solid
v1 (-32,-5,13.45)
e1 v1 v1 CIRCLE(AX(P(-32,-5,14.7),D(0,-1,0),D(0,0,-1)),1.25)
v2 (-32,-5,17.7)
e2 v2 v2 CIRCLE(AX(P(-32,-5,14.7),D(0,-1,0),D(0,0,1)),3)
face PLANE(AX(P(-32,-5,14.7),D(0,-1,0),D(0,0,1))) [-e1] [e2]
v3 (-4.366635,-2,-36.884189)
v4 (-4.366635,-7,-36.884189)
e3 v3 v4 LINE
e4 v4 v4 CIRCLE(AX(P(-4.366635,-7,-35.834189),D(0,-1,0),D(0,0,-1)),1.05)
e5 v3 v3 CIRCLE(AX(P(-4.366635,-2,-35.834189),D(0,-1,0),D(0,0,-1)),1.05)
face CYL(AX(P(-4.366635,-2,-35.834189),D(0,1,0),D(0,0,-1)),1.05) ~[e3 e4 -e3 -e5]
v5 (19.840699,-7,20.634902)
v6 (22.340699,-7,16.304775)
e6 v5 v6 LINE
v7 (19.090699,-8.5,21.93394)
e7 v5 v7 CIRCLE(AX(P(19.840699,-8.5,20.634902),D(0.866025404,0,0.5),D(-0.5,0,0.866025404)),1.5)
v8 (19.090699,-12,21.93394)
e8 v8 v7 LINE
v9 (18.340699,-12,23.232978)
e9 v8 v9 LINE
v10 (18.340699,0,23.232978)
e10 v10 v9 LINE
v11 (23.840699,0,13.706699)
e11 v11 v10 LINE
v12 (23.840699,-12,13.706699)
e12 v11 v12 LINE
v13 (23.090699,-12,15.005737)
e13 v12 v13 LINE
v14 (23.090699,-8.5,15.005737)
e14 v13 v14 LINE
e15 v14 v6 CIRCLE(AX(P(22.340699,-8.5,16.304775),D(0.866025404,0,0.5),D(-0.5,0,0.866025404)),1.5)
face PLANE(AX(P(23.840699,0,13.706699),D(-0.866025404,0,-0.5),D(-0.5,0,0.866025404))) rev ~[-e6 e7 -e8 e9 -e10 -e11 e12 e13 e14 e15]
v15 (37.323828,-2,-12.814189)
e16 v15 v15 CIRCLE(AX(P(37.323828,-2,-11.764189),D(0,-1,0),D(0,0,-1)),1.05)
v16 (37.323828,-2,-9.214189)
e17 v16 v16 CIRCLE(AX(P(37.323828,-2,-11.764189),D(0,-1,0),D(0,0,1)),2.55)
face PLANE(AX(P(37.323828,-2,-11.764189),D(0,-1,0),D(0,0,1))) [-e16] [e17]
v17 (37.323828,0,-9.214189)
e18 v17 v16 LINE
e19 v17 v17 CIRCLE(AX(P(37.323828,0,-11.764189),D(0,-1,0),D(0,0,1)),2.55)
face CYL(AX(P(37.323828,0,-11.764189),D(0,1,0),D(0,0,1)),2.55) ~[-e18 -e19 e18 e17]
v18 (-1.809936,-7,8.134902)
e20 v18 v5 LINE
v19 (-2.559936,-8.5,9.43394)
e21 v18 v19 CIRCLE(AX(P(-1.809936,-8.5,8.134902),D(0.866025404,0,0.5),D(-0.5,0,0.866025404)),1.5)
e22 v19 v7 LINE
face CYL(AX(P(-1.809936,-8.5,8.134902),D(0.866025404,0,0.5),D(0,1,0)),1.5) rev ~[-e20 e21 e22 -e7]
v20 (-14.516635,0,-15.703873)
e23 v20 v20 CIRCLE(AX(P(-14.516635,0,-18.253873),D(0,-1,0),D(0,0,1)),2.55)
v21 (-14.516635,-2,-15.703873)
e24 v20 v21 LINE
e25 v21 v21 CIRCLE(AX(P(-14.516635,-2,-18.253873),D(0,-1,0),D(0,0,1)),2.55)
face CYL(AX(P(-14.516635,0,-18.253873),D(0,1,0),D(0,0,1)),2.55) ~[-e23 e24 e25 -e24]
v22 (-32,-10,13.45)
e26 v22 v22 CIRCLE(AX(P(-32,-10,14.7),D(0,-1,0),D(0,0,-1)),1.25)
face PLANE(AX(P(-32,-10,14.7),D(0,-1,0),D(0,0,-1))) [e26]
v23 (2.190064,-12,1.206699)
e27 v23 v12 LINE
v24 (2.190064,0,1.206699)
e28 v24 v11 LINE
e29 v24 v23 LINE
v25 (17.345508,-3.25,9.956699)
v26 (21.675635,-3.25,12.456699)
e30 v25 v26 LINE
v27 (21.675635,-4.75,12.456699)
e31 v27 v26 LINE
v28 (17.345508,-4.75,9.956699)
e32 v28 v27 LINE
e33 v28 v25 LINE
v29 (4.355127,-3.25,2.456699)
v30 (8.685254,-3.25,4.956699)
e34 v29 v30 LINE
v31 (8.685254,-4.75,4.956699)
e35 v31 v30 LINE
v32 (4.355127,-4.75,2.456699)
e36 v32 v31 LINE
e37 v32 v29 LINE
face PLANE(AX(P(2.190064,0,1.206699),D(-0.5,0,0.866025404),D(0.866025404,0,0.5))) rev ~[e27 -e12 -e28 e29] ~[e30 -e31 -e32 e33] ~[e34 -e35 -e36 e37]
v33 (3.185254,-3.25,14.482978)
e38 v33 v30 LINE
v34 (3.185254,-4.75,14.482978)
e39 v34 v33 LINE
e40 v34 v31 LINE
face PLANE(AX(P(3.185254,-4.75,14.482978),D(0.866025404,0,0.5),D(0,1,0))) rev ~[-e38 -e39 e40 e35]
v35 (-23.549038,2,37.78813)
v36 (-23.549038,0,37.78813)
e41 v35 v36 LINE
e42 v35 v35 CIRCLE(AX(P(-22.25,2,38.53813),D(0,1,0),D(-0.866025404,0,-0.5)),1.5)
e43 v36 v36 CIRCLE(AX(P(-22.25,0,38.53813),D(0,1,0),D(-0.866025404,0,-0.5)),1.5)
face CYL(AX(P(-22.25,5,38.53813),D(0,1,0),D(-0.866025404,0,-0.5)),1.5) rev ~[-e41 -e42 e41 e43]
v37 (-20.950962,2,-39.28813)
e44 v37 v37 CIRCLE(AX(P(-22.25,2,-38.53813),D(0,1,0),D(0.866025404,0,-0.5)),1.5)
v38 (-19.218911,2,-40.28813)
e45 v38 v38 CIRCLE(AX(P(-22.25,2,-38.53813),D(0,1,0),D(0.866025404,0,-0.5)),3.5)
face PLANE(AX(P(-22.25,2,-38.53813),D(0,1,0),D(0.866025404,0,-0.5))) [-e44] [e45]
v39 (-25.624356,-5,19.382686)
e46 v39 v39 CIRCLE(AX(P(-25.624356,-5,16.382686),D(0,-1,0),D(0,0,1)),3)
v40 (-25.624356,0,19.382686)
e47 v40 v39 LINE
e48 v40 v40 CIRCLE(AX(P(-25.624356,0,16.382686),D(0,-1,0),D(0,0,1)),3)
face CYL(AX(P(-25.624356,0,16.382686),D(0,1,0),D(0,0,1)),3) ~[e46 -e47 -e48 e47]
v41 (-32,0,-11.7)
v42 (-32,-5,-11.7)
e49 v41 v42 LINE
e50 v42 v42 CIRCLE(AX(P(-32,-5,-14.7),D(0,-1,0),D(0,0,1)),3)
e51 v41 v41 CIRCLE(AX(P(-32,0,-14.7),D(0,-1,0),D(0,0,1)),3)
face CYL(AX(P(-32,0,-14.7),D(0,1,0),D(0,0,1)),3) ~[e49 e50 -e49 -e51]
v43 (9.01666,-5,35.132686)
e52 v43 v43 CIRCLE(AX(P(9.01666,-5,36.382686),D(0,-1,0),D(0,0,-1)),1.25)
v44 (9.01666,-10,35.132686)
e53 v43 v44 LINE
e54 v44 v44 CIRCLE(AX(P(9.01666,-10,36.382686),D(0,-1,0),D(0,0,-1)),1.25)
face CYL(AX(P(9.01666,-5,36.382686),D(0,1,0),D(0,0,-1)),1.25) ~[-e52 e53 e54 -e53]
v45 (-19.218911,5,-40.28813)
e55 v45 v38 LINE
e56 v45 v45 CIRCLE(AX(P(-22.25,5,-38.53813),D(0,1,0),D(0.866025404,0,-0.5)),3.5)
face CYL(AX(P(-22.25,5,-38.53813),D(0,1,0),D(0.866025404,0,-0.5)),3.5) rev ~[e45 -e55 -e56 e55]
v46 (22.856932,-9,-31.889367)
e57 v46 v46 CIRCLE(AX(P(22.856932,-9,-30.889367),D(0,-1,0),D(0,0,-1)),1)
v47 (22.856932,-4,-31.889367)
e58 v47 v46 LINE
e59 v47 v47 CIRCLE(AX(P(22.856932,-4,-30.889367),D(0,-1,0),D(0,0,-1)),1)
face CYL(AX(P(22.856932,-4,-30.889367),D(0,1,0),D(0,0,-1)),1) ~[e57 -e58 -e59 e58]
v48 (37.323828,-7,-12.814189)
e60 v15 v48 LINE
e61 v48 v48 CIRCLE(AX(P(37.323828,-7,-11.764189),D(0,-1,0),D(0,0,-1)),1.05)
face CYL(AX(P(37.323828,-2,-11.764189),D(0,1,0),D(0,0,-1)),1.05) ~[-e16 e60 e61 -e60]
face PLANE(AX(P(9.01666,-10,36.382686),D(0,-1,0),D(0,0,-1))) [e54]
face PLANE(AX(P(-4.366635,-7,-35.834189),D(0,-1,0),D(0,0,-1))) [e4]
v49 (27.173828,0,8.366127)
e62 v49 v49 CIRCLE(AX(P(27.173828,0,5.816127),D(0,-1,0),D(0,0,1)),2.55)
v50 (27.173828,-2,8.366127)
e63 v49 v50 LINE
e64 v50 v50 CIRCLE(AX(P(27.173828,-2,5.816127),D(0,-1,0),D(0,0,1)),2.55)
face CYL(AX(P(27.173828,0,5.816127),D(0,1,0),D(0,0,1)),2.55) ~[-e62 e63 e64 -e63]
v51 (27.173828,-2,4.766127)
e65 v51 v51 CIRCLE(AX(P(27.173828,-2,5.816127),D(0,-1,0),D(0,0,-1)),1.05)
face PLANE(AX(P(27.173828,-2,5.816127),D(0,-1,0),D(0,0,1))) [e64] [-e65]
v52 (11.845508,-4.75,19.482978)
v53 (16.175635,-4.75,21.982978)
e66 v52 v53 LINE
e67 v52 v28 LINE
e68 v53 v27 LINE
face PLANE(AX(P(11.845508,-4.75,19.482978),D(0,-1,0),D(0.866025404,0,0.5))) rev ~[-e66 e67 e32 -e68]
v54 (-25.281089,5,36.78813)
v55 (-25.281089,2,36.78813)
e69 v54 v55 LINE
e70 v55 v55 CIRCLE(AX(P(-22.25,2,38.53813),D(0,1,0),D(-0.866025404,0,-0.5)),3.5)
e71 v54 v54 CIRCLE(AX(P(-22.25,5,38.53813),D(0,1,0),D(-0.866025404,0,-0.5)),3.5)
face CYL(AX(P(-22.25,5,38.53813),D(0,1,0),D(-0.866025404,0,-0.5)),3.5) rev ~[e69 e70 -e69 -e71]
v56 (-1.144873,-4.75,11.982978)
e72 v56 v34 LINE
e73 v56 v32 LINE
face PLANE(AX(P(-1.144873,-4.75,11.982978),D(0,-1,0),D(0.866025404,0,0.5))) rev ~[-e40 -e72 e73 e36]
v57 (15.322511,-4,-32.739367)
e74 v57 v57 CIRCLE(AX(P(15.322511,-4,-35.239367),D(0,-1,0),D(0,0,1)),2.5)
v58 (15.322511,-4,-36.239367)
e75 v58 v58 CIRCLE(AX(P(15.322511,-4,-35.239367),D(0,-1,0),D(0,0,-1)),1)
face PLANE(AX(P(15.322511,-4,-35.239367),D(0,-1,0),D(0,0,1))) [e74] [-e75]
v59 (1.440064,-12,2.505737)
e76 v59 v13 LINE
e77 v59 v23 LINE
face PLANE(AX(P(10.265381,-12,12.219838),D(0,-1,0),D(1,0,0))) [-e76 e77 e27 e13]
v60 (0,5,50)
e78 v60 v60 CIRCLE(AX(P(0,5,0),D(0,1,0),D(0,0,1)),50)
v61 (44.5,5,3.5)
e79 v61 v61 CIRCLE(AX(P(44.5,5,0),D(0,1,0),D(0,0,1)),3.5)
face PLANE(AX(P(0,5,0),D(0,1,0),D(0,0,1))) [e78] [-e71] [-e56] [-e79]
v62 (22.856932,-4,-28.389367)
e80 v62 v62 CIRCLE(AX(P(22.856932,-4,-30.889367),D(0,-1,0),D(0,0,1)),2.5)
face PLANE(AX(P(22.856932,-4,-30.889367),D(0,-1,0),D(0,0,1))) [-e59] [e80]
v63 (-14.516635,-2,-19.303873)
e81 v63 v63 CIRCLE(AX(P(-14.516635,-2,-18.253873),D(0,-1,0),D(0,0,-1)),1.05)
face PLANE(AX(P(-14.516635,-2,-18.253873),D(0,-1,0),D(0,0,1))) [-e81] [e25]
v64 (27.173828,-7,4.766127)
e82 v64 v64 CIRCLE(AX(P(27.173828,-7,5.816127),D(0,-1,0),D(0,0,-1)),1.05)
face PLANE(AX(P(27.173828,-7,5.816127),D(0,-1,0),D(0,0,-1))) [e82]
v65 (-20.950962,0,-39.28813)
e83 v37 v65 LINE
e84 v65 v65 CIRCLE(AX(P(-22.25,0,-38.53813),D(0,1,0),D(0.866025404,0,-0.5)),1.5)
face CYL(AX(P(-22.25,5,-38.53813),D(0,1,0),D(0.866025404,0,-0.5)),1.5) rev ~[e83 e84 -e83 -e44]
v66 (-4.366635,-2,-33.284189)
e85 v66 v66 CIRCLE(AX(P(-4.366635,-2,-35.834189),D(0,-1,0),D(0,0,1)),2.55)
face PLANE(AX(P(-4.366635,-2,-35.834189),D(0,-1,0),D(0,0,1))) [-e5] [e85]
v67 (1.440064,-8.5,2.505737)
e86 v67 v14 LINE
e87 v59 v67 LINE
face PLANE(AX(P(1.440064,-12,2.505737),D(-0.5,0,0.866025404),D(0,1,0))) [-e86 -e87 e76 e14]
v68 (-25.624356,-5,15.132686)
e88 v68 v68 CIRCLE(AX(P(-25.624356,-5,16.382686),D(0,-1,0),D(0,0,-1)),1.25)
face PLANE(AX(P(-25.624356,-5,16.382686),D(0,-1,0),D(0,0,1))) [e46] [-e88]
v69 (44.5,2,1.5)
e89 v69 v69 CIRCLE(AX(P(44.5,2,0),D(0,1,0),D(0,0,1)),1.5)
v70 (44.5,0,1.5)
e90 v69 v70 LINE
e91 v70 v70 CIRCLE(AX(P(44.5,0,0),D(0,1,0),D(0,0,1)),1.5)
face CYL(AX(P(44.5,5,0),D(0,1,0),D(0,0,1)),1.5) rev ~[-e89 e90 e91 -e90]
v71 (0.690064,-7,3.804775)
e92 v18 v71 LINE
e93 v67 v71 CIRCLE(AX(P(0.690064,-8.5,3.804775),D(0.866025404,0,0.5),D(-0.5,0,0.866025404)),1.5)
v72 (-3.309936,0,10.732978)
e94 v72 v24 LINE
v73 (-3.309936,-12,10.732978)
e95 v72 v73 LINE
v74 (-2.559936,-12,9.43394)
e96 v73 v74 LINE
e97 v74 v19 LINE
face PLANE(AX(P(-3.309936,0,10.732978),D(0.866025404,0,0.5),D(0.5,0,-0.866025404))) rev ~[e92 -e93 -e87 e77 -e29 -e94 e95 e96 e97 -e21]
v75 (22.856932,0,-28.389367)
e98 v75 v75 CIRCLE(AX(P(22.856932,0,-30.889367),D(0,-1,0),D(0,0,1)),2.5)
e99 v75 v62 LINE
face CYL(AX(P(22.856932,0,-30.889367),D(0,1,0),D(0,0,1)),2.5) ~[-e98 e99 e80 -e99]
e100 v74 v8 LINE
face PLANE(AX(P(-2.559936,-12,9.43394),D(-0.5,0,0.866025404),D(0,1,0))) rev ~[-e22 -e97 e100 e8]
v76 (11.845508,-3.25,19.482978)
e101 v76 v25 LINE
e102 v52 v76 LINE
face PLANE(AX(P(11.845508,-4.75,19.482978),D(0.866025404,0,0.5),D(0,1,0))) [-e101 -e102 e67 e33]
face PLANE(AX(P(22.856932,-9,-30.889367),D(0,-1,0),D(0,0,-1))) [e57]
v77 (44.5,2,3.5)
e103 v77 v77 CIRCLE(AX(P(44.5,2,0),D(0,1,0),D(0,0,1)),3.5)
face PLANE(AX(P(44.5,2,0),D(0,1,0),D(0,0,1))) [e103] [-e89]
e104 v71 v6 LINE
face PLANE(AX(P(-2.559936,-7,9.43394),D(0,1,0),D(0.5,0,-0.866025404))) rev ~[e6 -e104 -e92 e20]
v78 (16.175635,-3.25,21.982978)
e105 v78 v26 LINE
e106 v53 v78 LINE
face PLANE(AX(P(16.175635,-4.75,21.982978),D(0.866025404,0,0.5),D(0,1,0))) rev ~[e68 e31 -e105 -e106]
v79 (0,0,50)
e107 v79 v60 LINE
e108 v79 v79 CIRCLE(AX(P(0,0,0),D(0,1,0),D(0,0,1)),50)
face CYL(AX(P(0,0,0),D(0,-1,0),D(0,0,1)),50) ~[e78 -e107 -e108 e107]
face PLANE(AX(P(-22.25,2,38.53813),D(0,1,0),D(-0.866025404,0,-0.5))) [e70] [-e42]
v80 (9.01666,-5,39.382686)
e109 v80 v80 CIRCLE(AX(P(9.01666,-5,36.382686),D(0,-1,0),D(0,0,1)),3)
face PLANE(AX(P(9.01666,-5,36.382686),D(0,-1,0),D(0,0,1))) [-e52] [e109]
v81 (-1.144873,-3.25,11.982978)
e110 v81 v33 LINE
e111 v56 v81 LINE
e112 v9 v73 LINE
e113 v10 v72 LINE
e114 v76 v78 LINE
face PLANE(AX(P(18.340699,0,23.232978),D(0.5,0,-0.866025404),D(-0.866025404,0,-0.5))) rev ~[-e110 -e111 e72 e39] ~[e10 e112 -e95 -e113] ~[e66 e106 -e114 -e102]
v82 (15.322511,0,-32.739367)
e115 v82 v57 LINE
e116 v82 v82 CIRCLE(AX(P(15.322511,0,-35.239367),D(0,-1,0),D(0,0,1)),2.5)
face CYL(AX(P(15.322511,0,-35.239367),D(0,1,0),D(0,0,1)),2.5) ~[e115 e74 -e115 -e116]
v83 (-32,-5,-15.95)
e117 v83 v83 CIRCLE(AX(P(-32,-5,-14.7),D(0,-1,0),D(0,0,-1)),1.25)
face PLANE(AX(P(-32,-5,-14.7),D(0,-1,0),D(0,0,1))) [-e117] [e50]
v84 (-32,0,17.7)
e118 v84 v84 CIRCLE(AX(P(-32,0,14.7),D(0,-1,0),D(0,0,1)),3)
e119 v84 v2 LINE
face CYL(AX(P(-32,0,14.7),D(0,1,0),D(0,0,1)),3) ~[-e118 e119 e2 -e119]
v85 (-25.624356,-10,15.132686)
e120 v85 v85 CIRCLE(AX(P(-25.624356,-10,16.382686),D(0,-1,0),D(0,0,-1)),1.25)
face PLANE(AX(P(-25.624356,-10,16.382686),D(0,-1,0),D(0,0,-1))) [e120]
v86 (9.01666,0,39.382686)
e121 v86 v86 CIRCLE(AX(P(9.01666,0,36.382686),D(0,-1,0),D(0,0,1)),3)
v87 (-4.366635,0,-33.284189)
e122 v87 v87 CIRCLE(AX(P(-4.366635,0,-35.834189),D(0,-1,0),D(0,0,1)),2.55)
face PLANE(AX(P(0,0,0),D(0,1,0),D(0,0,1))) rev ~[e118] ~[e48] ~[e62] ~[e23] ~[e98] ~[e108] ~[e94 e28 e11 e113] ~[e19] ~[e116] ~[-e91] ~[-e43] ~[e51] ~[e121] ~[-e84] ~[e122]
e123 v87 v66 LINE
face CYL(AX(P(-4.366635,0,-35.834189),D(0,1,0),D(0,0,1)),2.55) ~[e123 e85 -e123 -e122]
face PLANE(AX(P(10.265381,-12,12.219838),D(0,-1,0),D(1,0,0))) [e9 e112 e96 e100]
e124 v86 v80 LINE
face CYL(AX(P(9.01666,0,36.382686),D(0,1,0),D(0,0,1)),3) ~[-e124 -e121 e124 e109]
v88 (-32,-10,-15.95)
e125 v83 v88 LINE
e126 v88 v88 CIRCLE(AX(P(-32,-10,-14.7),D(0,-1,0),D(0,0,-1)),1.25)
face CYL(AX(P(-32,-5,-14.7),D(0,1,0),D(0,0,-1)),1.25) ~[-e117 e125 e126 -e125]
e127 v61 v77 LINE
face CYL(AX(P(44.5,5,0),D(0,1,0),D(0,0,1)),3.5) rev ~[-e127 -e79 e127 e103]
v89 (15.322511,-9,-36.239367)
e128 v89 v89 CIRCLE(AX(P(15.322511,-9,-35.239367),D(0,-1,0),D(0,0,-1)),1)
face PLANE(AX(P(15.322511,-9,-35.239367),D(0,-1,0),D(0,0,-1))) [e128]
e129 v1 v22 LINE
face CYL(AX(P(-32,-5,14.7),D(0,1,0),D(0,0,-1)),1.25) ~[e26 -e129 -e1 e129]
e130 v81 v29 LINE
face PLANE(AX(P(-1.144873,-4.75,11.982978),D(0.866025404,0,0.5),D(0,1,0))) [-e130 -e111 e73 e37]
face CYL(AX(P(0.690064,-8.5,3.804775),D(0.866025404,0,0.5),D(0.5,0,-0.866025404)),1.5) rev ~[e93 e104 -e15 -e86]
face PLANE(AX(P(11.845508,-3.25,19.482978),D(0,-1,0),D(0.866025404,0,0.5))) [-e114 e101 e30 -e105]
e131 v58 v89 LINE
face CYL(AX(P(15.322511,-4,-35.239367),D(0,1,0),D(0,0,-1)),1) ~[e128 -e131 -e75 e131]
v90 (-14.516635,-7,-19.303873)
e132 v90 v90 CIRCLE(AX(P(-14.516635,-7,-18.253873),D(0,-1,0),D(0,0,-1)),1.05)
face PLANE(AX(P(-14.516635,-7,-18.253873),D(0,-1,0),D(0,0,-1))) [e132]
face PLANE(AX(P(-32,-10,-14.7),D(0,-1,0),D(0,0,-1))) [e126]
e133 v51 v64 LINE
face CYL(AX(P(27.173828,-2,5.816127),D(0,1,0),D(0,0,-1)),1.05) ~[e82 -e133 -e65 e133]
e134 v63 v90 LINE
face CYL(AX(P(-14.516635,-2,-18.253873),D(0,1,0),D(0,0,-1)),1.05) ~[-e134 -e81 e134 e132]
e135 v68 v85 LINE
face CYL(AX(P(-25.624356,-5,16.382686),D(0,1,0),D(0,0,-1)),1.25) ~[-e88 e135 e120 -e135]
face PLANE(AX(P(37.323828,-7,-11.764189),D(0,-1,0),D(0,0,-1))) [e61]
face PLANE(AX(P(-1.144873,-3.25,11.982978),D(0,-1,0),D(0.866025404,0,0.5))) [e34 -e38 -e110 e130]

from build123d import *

# Parameters (mm, degrees)
CROQUIS1_R                 = 50
SALIENTE_EXTRUIR1_DEPTH    = 5
CROQUIS2_R                 = 1.5
CORTAR_EXTRUIR1_DEPTH      = 5
CROQUIS3_R                 = 3.5
CORTAR_EXTRUIR2_DEPTH      = 3
MATRIZC2_COUNT             = 3
CROQUIS4_R                 = 3
SALIENTE_EXTRUIR2_DEPTH    = 5
CROQUIS6_R                 = 2.55
SALIENTE_EXTRUIR4_DEPTH    = 2
SALIENTE_EXTRUIR5_DEPTH    = 12
CORTAR_EXTRUIR3_DEPTH      = 99.269119567
CORTAR_EXTRUIR3_DEPTH_BACK = 25
CROQUIS8_W                 = 8
CROQUIS8_H                 = 5
CROQUIS9_W                 = 5
CROQUIS9_H                 = 1.5
CORTAR_EXTRUIR4_DEPTH      = 11
REDONDEO1_R                = 1.5
CROQUIS10_R                = 3
SALIENTE_EXTRUIR6_DEPTH    = 5
CROQUIS5_R                 = 1.25
SALIENTE_EXTRUIR7_DEPTH    = 5
CROQUIS12_R                = 1.05
SALIENTE_EXTRUIR8_DEPTH    = 5
CROQUIS11_R                = 2.5
SALIENTE_EXTRUIR9_DEPTH    = 4
CROQUIS13_R                = 1
SALIENTE_EXTRUIR10_DEPTH   = 5


with BuildPart() as part:
    # Croquis1 → Saliente-Extruir1 (new body)
    with BuildSketch(Plane(origin=(0, 0, 0), x_dir=(1, 0, 0), z_dir=(0, 1, 0))):
        with Locations(Location((0, 0, 0), (0, 0, 270))):
            Circle(CROQUIS1_R)
    extrude(amount=SALIENTE_EXTRUIR1_DEPTH)

    # Croquis2 → Cortar-Extruir1 (cut)
    with BuildSketch(Plane(origin=(0, 5, 0), x_dir=(1, 0, 0), z_dir=(0, 1, 0))):
        with Locations(Location((44.5, 0, 0), (0, 0, 270))):
            Circle(CROQUIS2_R)
    cortar_extruir1 = extrude(amount=-CORTAR_EXTRUIR1_DEPTH, mode=Mode.SUBTRACT)

    # Croquis3 → Cortar-Extruir2 (cut)
    with BuildSketch(Plane(origin=(0, 5, 0), x_dir=(1, 0, 0), z_dir=(0, 1, 0))):
        with Locations(Location((44.5, 0, 0), (0, 0, 270))):
            Circle(CROQUIS3_R)
    cortar_extruir2 = extrude(amount=-CORTAR_EXTRUIR2_DEPTH, mode=Mode.SUBTRACT)

    # MatrizC2: Cortar-Extruir1, Cortar-Extruir2 ×3 about axis
    matrizc2_axis = Axis((0, 0, 0), (0, 1, 0))
    add([cortar_extruir1.rotate(matrizc2_axis, i * 360 / MATRIZC2_COUNT) for i in range(1, MATRIZC2_COUNT)], mode=Mode.SUBTRACT)
    add([cortar_extruir2.rotate(matrizc2_axis, i * 360 / MATRIZC2_COUNT) for i in range(1, MATRIZC2_COUNT)], mode=Mode.SUBTRACT)

    # Croquis4 → Saliente-Extruir2 (add)
    with BuildSketch(Plane.XZ):
        with Locations(Location((-32, 14.7, 0), (0, 0, 90))):
            Circle(CROQUIS4_R)
        with Locations(Location((-32, -14.7, 0), (0, 0, 90))):
            Circle(CROQUIS4_R)
    extrude(amount=SALIENTE_EXTRUIR2_DEPTH)

    # Croquis6 → Saliente-Extruir4 (add)
    with BuildSketch(Plane.XZ):
        with Locations(Location((27.173827718, 5.816127145, 0), (0, 0, 90))):
            Circle(CROQUIS6_R)
        with Locations(Location((37.323827718, -11.764188552, 0), (0, 0, 90))):
            Circle(CROQUIS6_R)
        with Locations(Location((-14.51663522, -18.253872855, 0), (0, 0, 90))):
            Circle(CROQUIS6_R)
        with Locations(Location((-4.36663522, -35.834188552, 0), (0, 0, 90))):
            Circle(CROQUIS6_R)
    extrude(amount=SALIENTE_EXTRUIR4_DEPTH)

    # Croquis7 → Saliente-Extruir5 (add)
    with BuildSketch(Plane.XZ):
        Polygon((2.190063509, 1.20669873), (23.840698604, 13.70669873), (18.340698604, 23.232978171), (-3.309936491, 10.732978171), align=None)
    extrude(amount=SALIENTE_EXTRUIR5_DEPTH)

    # Croquis8 → Cortar-Extruir3 (cut, two sides: drawn at the far end of the back side and taken through both)
    with BuildSketch(Plane(origin=(23.815698604, 0, 13.75), x_dir=(0.49999999999999806, 0, -0.8660254037844398), z_dir=(0.8660254037844397, 0, 0.499999999999998)).offset(-CORTAR_EXTRUIR3_DEPTH_BACK)):
        with Locations((-5.45, -9.5)):
            Rectangle(CROQUIS8_W, CROQUIS8_H)
    extrude(amount=CORTAR_EXTRUIR3_DEPTH + CORTAR_EXTRUIR3_DEPTH_BACK, mode=Mode.SUBTRACT)

    # Croquis9 → Cortar-Extruir4 (cut)
    with BuildSketch(Plane(origin=(-5.475, 0, 9.482978171), x_dir=(0.8660254037844398, 0, 0.49999999999999806), z_dir=(-0.499999999999998, 0, 0.8660254037844397))):
        with Locations((7.5, -4)):
            Rectangle(CROQUIS9_W, CROQUIS9_H)
        with Locations((22.5, -4)):
            Rectangle(CROQUIS9_W, CROQUIS9_H)
    extrude(amount=-CORTAR_EXTRUIR4_DEPTH, mode=Mode.SUBTRACT)

    # Redondeo1
    redondeo1_edges = [part.edges().sort_by_distance(p)[0] for p in [
        (8.265381057, -7, 15.683940066),
        (12.265381057, -7, 8.755736835),
    ]]
    fillet(redondeo1_edges, radius=REDONDEO1_R)

    # Croquis10 → Saliente-Extruir6 (add)
    with BuildSketch(Plane.XZ):
        with Locations(Location((9.016660498, 36.382685902, 0), (0, 0, 90))):
            Circle(CROQUIS10_R)
        with Locations(Location((-25.624355653, 16.382685902, 0), (0, 0, 90))):
            Circle(CROQUIS10_R)
    extrude(amount=SALIENTE_EXTRUIR6_DEPTH)

    # Croquis5 → Saliente-Extruir7 (add)
    with BuildSketch(Plane.XZ.offset(5)):
        with Locations(Location((9.016660498, 36.382685902, 0), (0, 0, 270))):
            Circle(CROQUIS5_R)
        with Locations(Location((-25.624355653, 16.382685902, 0), (0, 0, 270))):
            Circle(CROQUIS5_R)
        with Locations(Location((-32, 14.7, 0), (0, 0, 270))):
            Circle(CROQUIS5_R)
        with Locations(Location((-32, -14.7, 0), (0, 0, 270))):
            Circle(CROQUIS5_R)
    extrude(amount=SALIENTE_EXTRUIR7_DEPTH)

    # Croquis12 → Saliente-Extruir8 (add)
    with BuildSketch(Plane.XZ.offset(2)):
        with Locations(Location((27.173827718, 5.816127145, 0), (0, 0, 270))):
            Circle(CROQUIS12_R)
        with Locations(Location((37.323827718, -11.764188552, 0), (0, 0, 270))):
            Circle(CROQUIS12_R)
        with Locations(Location((-4.36663522, -35.834188552, 0), (0, 0, 270))):
            Circle(CROQUIS12_R)
        with Locations(Location((-14.51663522, -18.253872855, 0), (0, 0, 270))):
            Circle(CROQUIS12_R)
    extrude(amount=SALIENTE_EXTRUIR8_DEPTH)

    # Croquis11 → Saliente-Extruir9 (add)
    with BuildSketch(Plane.XZ):
        with Locations(Location((15.322510954, -35.239367471, 0), (0, 0, 90))):
            Circle(CROQUIS11_R)
        with Locations(Location((22.856931966, -30.889367471, 0), (0, 0, 90))):
            Circle(CROQUIS11_R)
    extrude(amount=SALIENTE_EXTRUIR9_DEPTH)

    # Croquis13 → Saliente-Extruir10 (add)
    with BuildSketch(Plane.XZ.offset(4)):
        with Locations(Location((22.856931966, -30.889367471, 0), (0, 0, 270))):
            Circle(CROQUIS13_R)
        with Locations(Location((15.322510954, -35.239367471, 0), (0, 0, 270))):
            Circle(CROQUIS13_R)
    extrude(amount=SALIENTE_EXTRUIR10_DEPTH)


solid = part.part
